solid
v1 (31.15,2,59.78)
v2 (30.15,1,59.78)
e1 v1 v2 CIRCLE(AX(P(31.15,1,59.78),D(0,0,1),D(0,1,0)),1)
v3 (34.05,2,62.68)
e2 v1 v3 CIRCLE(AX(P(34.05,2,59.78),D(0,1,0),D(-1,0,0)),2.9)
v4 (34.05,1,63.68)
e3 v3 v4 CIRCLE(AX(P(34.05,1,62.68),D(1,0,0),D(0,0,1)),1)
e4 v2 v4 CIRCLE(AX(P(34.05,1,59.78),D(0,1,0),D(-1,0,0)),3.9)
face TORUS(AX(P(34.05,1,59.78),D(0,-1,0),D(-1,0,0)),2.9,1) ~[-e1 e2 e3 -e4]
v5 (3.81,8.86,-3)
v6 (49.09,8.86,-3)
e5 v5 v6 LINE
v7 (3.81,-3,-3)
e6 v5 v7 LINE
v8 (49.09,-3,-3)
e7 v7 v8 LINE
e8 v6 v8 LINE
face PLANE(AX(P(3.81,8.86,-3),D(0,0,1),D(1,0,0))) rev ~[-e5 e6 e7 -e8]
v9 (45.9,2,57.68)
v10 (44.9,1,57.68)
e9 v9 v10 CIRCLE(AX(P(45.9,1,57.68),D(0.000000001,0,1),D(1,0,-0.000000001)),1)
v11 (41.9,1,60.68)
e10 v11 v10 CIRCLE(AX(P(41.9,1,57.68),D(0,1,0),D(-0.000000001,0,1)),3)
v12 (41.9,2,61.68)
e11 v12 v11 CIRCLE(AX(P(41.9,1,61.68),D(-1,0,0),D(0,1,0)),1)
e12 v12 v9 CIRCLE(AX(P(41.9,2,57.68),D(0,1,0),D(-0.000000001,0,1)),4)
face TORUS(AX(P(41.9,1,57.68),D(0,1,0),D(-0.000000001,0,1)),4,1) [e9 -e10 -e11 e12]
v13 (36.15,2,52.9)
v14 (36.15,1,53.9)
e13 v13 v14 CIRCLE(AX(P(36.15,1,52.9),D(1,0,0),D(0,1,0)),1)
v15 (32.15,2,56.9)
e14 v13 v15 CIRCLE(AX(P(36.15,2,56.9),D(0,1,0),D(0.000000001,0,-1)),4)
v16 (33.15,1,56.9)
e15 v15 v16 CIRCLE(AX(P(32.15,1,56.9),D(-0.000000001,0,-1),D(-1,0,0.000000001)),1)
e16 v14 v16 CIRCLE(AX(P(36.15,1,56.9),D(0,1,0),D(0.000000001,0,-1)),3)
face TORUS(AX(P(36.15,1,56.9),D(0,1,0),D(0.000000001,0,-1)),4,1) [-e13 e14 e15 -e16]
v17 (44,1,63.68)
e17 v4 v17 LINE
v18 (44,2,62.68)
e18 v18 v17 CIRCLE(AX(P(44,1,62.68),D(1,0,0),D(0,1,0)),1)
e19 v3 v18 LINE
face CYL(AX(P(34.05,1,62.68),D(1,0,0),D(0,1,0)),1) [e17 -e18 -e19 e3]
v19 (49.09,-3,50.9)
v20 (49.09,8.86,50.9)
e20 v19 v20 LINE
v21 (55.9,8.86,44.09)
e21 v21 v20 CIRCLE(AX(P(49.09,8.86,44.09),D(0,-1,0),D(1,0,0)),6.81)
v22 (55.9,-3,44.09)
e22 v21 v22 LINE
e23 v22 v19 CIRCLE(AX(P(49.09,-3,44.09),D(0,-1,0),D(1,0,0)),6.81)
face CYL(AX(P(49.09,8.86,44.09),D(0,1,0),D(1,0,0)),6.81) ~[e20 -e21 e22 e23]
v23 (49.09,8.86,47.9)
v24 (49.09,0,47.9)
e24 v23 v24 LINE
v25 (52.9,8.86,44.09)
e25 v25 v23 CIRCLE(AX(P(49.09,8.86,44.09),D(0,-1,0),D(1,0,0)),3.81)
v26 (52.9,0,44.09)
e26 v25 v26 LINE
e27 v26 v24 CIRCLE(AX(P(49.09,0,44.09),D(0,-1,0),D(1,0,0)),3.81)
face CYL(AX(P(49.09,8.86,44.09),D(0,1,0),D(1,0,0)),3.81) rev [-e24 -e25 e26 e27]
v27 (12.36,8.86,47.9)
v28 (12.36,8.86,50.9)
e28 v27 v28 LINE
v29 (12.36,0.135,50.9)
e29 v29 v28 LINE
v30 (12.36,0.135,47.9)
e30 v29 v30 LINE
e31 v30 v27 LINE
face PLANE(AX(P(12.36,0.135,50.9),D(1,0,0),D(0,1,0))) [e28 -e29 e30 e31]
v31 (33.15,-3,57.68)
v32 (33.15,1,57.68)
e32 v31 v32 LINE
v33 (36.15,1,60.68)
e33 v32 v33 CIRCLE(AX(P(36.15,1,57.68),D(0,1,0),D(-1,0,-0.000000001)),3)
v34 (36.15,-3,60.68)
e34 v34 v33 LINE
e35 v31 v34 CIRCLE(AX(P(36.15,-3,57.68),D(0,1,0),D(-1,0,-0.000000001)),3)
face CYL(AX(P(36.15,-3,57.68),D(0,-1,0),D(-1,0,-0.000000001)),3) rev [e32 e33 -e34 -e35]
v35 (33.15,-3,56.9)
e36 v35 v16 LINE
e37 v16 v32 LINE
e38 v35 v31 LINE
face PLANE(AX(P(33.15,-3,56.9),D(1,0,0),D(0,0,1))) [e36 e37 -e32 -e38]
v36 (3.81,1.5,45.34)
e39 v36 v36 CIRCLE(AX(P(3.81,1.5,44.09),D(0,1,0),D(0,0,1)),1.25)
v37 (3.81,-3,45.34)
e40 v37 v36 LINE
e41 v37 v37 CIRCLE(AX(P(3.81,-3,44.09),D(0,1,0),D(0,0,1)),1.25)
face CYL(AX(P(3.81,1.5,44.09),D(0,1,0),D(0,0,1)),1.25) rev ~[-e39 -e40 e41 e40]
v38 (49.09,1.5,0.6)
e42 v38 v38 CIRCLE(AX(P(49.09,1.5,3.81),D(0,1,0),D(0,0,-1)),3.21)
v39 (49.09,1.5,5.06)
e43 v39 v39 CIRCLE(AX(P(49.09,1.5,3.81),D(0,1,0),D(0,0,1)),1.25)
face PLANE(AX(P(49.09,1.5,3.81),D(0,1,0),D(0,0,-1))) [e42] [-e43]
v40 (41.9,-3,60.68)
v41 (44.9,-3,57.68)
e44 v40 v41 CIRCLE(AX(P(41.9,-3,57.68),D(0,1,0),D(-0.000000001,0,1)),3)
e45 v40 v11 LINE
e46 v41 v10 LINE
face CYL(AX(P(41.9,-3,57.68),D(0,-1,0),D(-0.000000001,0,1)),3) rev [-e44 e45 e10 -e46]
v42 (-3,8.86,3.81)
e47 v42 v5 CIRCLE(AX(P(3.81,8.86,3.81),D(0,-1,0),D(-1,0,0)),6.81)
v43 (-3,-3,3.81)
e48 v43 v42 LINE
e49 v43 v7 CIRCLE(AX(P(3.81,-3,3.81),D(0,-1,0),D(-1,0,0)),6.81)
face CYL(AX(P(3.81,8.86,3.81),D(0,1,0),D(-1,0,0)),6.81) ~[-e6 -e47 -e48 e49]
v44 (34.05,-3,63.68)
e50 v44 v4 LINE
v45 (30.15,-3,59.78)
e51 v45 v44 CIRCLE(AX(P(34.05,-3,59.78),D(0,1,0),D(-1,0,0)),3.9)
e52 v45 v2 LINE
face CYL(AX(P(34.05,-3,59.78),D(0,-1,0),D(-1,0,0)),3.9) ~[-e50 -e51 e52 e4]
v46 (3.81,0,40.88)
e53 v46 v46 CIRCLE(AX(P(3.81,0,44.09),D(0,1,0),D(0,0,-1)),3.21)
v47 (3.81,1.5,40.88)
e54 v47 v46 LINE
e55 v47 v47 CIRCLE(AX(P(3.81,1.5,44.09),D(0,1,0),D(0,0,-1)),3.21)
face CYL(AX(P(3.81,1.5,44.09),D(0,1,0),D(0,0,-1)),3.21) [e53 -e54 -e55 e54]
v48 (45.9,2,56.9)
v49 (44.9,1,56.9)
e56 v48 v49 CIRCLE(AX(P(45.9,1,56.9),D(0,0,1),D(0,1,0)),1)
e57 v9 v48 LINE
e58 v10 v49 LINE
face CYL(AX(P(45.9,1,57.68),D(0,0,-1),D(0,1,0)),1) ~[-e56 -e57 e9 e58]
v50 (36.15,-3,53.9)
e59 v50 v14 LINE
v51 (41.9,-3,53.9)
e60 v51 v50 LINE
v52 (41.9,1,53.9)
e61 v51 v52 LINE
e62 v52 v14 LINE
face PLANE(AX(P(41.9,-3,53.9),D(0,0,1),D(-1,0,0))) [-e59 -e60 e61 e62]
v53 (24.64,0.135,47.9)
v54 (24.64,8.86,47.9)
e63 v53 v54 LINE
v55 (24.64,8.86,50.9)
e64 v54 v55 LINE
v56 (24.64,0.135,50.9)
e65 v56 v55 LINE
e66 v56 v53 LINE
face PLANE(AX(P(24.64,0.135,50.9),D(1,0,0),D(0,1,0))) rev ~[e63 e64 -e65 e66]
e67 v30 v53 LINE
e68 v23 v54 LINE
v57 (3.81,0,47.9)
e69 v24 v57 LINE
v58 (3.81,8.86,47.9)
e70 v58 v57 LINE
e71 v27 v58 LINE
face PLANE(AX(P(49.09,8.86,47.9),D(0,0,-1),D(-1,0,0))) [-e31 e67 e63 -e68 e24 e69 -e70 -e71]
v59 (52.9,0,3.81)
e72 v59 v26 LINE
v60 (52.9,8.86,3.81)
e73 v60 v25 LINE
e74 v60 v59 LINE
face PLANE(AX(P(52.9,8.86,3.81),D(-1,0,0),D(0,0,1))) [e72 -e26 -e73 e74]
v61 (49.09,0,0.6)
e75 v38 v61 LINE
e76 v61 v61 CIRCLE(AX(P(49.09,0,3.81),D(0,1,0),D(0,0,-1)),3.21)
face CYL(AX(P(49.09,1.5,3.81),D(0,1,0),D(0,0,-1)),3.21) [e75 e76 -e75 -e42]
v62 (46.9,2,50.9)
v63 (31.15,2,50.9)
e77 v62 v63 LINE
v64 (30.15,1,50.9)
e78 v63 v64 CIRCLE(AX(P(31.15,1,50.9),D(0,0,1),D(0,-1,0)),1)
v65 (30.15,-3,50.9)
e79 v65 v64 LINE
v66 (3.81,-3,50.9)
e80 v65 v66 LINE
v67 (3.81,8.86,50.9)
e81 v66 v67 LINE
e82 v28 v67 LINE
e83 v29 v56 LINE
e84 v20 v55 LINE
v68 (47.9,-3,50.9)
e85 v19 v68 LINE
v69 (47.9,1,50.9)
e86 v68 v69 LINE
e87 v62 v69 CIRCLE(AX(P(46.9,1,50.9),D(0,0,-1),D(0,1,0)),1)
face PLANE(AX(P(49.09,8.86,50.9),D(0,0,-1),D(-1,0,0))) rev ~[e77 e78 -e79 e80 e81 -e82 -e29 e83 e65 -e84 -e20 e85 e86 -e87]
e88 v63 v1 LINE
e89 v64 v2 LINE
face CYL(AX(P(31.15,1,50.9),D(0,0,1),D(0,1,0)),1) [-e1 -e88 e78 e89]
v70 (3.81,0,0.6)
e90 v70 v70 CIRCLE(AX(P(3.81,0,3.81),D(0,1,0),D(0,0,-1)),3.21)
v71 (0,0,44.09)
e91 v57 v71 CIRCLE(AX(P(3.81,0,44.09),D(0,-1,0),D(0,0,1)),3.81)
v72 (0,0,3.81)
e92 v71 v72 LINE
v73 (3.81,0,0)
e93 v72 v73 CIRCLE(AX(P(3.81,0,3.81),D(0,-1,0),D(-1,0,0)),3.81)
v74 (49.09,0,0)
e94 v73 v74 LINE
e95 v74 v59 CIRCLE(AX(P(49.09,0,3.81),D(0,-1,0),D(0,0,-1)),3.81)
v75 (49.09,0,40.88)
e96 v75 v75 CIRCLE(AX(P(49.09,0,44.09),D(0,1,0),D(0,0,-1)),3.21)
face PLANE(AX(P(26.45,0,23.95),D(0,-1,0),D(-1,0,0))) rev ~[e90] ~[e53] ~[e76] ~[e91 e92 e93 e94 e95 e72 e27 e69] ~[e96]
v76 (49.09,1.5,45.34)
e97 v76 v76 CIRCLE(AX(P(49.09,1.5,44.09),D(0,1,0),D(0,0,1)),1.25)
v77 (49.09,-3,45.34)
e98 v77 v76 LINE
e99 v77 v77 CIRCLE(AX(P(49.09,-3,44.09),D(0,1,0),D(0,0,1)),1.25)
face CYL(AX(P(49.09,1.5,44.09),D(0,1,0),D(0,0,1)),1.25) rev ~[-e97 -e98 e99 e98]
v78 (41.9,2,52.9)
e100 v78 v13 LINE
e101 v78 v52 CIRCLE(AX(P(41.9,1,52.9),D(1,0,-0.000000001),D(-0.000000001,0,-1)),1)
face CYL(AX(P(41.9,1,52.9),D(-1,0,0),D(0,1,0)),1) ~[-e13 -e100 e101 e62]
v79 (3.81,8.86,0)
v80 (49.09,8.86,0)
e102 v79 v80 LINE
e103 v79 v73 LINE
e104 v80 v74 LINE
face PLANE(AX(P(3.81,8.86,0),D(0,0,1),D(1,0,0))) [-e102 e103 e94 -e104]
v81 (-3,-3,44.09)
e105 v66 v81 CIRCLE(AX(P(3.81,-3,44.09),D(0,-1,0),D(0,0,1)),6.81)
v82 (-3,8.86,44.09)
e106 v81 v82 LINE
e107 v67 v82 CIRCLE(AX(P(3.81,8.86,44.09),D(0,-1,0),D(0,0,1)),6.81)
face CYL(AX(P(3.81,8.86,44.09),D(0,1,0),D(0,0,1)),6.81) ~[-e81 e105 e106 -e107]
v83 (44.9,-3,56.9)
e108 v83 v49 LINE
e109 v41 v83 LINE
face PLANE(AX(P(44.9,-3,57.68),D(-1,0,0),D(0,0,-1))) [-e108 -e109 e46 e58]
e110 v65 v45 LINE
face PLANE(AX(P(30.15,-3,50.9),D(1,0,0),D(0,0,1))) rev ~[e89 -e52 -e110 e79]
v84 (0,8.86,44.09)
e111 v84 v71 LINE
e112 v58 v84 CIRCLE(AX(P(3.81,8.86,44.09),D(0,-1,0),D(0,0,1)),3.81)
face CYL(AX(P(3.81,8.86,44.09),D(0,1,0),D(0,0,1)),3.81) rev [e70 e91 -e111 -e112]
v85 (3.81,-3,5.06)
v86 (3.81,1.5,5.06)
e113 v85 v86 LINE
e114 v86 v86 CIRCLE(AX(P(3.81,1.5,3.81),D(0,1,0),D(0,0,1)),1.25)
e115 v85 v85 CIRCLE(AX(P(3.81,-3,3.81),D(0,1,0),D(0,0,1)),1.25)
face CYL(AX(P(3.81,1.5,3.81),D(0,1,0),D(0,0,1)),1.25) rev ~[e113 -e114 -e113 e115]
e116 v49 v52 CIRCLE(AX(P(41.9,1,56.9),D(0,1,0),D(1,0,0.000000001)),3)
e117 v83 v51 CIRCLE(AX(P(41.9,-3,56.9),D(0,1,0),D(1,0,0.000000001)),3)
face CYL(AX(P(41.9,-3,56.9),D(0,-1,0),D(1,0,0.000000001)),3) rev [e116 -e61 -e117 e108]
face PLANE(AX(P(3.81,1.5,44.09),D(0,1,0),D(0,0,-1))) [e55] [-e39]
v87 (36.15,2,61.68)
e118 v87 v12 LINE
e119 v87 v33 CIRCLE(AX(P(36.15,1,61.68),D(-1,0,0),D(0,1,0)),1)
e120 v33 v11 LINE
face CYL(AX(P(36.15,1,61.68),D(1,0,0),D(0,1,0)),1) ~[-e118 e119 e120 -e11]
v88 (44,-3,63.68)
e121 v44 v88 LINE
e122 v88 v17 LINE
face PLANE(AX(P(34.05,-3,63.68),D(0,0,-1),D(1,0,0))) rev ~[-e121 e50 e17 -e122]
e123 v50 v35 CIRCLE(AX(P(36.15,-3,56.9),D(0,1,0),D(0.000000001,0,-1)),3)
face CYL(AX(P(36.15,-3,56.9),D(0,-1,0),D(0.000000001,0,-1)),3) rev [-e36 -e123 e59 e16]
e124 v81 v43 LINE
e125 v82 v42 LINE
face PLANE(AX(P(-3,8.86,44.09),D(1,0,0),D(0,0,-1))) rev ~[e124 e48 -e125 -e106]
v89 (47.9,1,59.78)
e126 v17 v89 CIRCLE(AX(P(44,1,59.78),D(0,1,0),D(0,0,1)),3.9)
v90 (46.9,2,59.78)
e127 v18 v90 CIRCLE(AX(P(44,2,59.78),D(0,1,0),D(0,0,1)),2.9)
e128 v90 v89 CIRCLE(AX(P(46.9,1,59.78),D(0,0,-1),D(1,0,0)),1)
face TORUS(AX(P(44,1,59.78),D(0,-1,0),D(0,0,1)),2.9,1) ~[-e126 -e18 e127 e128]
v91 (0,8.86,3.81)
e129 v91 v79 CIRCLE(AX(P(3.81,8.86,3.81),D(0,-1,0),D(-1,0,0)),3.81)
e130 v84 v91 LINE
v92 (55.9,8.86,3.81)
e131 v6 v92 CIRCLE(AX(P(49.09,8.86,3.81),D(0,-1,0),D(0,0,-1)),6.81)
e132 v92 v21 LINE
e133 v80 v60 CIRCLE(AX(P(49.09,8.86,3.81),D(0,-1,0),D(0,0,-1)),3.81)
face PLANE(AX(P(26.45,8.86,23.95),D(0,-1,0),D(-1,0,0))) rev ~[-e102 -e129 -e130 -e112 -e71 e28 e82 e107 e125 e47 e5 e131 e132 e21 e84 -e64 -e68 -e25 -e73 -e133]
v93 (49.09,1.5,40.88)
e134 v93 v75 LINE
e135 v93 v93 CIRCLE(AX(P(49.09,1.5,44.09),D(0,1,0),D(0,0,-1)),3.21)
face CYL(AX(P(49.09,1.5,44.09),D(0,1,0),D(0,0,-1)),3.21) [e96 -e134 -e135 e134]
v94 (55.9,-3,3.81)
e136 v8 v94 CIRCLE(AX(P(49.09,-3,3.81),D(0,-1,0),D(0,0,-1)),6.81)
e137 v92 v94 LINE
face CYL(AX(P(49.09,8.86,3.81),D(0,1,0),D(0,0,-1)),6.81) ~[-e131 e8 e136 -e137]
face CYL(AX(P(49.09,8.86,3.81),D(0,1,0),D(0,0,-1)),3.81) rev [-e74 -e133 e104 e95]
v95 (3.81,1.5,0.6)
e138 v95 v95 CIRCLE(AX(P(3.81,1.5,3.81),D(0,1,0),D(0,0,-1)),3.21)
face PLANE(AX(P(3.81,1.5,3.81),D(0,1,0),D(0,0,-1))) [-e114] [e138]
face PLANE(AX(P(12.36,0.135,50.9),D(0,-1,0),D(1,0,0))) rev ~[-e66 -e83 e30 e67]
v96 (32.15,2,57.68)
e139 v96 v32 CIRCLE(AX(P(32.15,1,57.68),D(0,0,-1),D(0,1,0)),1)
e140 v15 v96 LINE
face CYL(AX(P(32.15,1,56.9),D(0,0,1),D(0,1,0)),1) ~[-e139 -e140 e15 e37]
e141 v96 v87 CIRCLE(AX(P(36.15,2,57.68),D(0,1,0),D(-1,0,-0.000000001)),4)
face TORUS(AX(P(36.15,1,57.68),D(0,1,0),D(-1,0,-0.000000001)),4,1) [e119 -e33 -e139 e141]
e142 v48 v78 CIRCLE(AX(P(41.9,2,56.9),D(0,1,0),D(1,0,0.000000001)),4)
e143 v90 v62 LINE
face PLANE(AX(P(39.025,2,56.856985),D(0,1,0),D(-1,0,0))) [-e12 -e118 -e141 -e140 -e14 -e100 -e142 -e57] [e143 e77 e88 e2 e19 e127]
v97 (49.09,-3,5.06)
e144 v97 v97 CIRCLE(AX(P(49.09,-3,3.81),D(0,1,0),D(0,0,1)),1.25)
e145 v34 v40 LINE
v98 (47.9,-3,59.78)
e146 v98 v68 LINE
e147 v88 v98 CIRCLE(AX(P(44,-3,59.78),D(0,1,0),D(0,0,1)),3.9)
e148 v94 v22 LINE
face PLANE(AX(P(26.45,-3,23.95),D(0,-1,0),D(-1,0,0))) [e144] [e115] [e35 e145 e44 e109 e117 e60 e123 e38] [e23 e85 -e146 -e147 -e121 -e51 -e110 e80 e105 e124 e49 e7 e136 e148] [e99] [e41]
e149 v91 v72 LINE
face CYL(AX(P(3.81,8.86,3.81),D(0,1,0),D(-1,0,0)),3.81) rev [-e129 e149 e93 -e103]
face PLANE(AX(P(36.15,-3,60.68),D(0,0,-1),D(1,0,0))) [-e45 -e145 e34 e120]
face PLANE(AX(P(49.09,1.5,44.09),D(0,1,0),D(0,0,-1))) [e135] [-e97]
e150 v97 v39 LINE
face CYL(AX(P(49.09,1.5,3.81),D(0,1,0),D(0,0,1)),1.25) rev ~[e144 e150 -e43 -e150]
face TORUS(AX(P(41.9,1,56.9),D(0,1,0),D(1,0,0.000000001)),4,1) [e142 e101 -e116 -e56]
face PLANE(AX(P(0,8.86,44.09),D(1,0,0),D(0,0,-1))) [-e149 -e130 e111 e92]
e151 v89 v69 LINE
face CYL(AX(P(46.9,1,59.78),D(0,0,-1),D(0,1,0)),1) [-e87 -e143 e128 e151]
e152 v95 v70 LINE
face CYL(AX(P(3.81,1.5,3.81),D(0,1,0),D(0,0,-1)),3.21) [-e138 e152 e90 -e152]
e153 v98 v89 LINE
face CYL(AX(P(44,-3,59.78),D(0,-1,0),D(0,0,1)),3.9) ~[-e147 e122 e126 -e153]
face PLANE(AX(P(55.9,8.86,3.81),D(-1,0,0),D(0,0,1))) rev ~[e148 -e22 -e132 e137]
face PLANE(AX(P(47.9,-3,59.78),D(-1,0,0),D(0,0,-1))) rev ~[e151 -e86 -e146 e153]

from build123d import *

# Parameters (mm, degrees)
BOSS_EXTRUDE1_DEPTH = 3
CUT_EXTRUDE1_REACH  = 77.661
SKETCH1_3_R         = 1.25
BOSS_EXTRUDE2_START = 8.86
BOSS_EXTRUDE2_DEPTH = 8.86
BOSS_EXTRUDE3_START = 1.5
SKETCH1_5_R         = 3.21
SKETCH1_5_R_2       = 1.25
BOSS_EXTRUDE3_DEPTH = 1.5
SKETCH2_W           = 12.28
SKETCH2_H           = 8.73
CUT_EXTRUDE2_DEPTH  = 3
BOSS_EXTRUDE7_DEPTH = 5
FILLET4_R           = 1


with BuildPart() as part:
    # Sketch1 → Boss-Extrude1 (new body)
    with BuildSketch(Plane(origin=(0, 0, 0), x_dir=(1, 0, 0), z_dir=(0, 1, 0))):
        with BuildLine():
            Line((3.81, 3), (49.09, 3))
            ThreePointArc((49.09, 3), (53.90539718, 1.00539718), (55.9, -3.81))
            Line((55.9, -3.81), (55.9, -44.09))
            ThreePointArc((55.9, -44.09), (53.90539718, -48.90539718), (49.09, -50.9))
            Line((49.09, -50.9), (3.81, -50.9))
            ThreePointArc((3.81, -50.9), (-1.00539718, -48.90539718), (-3, -44.09))
            Line((-3, -44.09), (-3, -3.81))
            ThreePointArc((-3, -3.81), (-1.00539718, 1.00539718), (3.81, 3))
        make_face()
    extrude(amount=-BOSS_EXTRUDE1_DEPTH)

    # Sketch1<3> → Cut-Extrude1 (cut, up to next)
    with BuildSketch(Plane(origin=(0, 0, 0), x_dir=(1, 0, 0), z_dir=(0, 1, 0)), mode=Mode.PRIVATE) as cut_extrude1_sk1:
        with Locations((49.09, -44.09)):
            Circle(SKETCH1_3_R)
    cut_extrude1_tool1 = extrude(cut_extrude1_sk1.sketch, amount=-CUT_EXTRUDE1_REACH, mode=Mode.PRIVATE) & part.part
    # Sketch1<3> → Cut-Extrude1 (cut, up to next)
    with BuildSketch(Plane(origin=(0, 0, 0), x_dir=(1, 0, 0), z_dir=(0, 1, 0)), mode=Mode.PRIVATE) as cut_extrude1_sk2:
        with Locations((3.81, -44.09)):
            Circle(SKETCH1_3_R)
    cut_extrude1_tool2 = extrude(cut_extrude1_sk2.sketch, amount=-CUT_EXTRUDE1_REACH, mode=Mode.PRIVATE) & part.part
    # Sketch1<3> → Cut-Extrude1 (cut, up to next)
    with BuildSketch(Plane(origin=(0, 0, 0), x_dir=(1, 0, 0), z_dir=(0, 1, 0)), mode=Mode.PRIVATE) as cut_extrude1_sk3:
        with Locations((3.81, -3.81)):
            Circle(SKETCH1_3_R)
    cut_extrude1_tool3 = extrude(cut_extrude1_sk3.sketch, amount=-CUT_EXTRUDE1_REACH, mode=Mode.PRIVATE) & part.part
    # Sketch1<3> → Cut-Extrude1 (cut, up to next)
    with BuildSketch(Plane(origin=(0, 0, 0), x_dir=(1, 0, 0), z_dir=(0, 1, 0)), mode=Mode.PRIVATE) as cut_extrude1_sk4:
        with Locations((49.09, -3.81)):
            Circle(SKETCH1_3_R)
    cut_extrude1_tool4 = extrude(cut_extrude1_sk4.sketch, amount=-CUT_EXTRUDE1_REACH, mode=Mode.PRIVATE) & part.part
    add(cut_extrude1_tool1.solids().sort_by_distance((49.09, 0, 44.09))[0], mode=Mode.SUBTRACT)
    add(cut_extrude1_tool2.solids().sort_by_distance((3.81, 0, 44.09))[0], mode=Mode.SUBTRACT)
    add(cut_extrude1_tool3.solids().sort_by_distance((3.81, 0, 3.81))[0], mode=Mode.SUBTRACT)
    add(cut_extrude1_tool4.solids().sort_by_distance((49.09, 0, 3.81))[0], mode=Mode.SUBTRACT)

    # Sketch1<4> → Boss-Extrude2 (add)
    with BuildSketch(Plane(origin=(0, 0, 0), x_dir=(1, 0, 0), z_dir=(0, 1, 0)).offset(BOSS_EXTRUDE2_START)):
        with BuildLine():
            Line((49.09, 3), (3.81, 3))
            ThreePointArc((3.81, 3), (-1.00539718, 1.00539718), (-3, -3.81))
            Line((-3, -3.81), (-3, -44.09))
            ThreePointArc((-3, -44.09), (-1.00539718, -48.90539718), (3.81, -50.9))
            Line((3.81, -50.9), (49.09, -50.9))
            ThreePointArc((49.09, -50.9), (53.90539718, -48.90539718), (55.9, -44.09))
            Line((55.9, -44.09), (55.9, -3.81))
            ThreePointArc((55.9, -3.81), (53.90539718, 1.00539718), (49.09, 3))
        make_face()
        with BuildLine():
            ThreePointArc((0, -3.81), (1.115923164, -1.115923164), (3.81, 0))
            Line((3.81, 0), (49.09, 0))
            ThreePointArc((49.09, 0), (51.784076836, -1.115923164), (52.9, -3.81))
            Line((52.9, -3.81), (52.9, -44.09))
            ThreePointArc((52.9, -44.09), (51.784076836, -46.784076836), (49.09, -47.9))
            Line((49.09, -47.9), (3.81, -47.9))
            ThreePointArc((3.81, -47.9), (1.115923164, -46.784076836), (0, -44.09))
            Line((0, -44.09), (0, -3.81))
        make_face(mode=Mode.SUBTRACT)
    extrude(amount=-BOSS_EXTRUDE2_DEPTH)

    # Sketch1<5> → Boss-Extrude3 (add)
    # profile 1 of 4: a face of its own
    with BuildSketch(Plane(origin=(0, 0, 0), x_dir=(1, 0, 0), z_dir=(0, 1, 0)).offset(BOSS_EXTRUDE3_START)):
        with Locations((3.81, -3.81)):
            Circle(SKETCH1_5_R)
        with Locations((3.81, -3.81)):
            Circle(SKETCH1_5_R_2, mode=Mode.SUBTRACT)
    # profile 2 of 4: a face of its own
    with BuildSketch(Plane(origin=(0, 0, 0), x_dir=(1, 0, 0), z_dir=(0, 1, 0)).offset(BOSS_EXTRUDE3_START)):
        with Locations((49.09, -3.81)):
            Circle(SKETCH1_5_R)
        with Locations((49.09, -3.81)):
            Circle(SKETCH1_5_R_2, mode=Mode.SUBTRACT)
    # profile 3 of 4: a face of its own
    with BuildSketch(Plane(origin=(0, 0, 0), x_dir=(1, 0, 0), z_dir=(0, 1, 0)).offset(BOSS_EXTRUDE3_START)):
        with Locations((49.09, -44.09)):
            Circle(SKETCH1_5_R)
        with Locations((49.09, -44.09)):
            Circle(SKETCH1_5_R_2, mode=Mode.SUBTRACT)
    # profile 4 of 4: a face of its own
    with BuildSketch(Plane(origin=(0, 0, 0), x_dir=(1, 0, 0), z_dir=(0, 1, 0)).offset(BOSS_EXTRUDE3_START)):
        with Locations((3.81, -44.09)):
            Circle(SKETCH1_5_R)
        with Locations((3.81, -44.09)):
            Circle(SKETCH1_5_R_2, mode=Mode.SUBTRACT)
    extrude(amount=-BOSS_EXTRUDE3_DEPTH)

    # Sketch2 → Cut-Extrude2 (cut)
    with BuildSketch(Plane.XY.offset(50.9)):
        with Locations((18.5, 4.5)):
            Rectangle(SKETCH2_W, SKETCH2_H)
    extrude(amount=-CUT_EXTRUDE2_DEPTH, mode=Mode.SUBTRACT)

    # Sketch8 → Boss-Extrude7 (add)
    with BuildSketch(Plane.XZ.offset(3)):
        with BuildLine():
            Line((47.9, 50.9), (30.15, 50.9))
            Line((30.15, 50.9), (30.15, 59.78))
            ThreePointArc((30.15, 59.78), (31.292283553, 62.537716447), (34.05, 63.68))
            Line((34.05, 63.68), (44, 63.68))
            ThreePointArc((44, 63.68), (46.757716447, 62.537716447), (47.9, 59.78))
            Line((47.9, 59.78), (47.9, 50.9))
        make_face()
        with BuildLine():
            Line((41.9, 53.9), (36.15, 53.9))
            ThreePointArc((36.15, 53.9), (34.028679656, 54.778679656), (33.15, 56.9))
            Line((33.15, 56.9), (33.15, 57.68))
            ThreePointArc((33.15, 57.68), (34.028679656, 59.801320344), (36.15, 60.68))
            Line((36.15, 60.68), (41.9, 60.68))
            ThreePointArc((41.9, 60.68), (44.021320344, 59.801320344), (44.9, 57.68))
            Line((44.9, 57.68), (44.9, 56.9))
            ThreePointArc((44.9, 56.9), (44.021320344, 54.778679656), (41.9, 53.9))
        make_face(mode=Mode.SUBTRACT)
    extrude(amount=-BOSS_EXTRUDE7_DEPTH)

    # Fillet4
    fillet4_edges = [part.edges().sort_by_distance(p)[0] for p in [
        (47.9, 2, 55.34),
        (46.757716447, 2, 62.537716447),
        (39.025, 2, 63.68),
        (31.292283553, 2, 62.537716447),
        (33.15, 2, 57.29),
        (34.028679656, 2, 59.801320344),
        (39.025, 2, 60.68),
        (44.021320344, 2, 59.801320344),
        (44.9, 2, 57.29),
        (44.021320344, 2, 54.778679656),
        (39.025, 2, 53.9),
        (30.15, 2, 55.34),
        (34.028679656, 2, 54.778679656),
    ]]
    fillet(fillet4_edges, radius=FILLET4_R)


solid = part.part
